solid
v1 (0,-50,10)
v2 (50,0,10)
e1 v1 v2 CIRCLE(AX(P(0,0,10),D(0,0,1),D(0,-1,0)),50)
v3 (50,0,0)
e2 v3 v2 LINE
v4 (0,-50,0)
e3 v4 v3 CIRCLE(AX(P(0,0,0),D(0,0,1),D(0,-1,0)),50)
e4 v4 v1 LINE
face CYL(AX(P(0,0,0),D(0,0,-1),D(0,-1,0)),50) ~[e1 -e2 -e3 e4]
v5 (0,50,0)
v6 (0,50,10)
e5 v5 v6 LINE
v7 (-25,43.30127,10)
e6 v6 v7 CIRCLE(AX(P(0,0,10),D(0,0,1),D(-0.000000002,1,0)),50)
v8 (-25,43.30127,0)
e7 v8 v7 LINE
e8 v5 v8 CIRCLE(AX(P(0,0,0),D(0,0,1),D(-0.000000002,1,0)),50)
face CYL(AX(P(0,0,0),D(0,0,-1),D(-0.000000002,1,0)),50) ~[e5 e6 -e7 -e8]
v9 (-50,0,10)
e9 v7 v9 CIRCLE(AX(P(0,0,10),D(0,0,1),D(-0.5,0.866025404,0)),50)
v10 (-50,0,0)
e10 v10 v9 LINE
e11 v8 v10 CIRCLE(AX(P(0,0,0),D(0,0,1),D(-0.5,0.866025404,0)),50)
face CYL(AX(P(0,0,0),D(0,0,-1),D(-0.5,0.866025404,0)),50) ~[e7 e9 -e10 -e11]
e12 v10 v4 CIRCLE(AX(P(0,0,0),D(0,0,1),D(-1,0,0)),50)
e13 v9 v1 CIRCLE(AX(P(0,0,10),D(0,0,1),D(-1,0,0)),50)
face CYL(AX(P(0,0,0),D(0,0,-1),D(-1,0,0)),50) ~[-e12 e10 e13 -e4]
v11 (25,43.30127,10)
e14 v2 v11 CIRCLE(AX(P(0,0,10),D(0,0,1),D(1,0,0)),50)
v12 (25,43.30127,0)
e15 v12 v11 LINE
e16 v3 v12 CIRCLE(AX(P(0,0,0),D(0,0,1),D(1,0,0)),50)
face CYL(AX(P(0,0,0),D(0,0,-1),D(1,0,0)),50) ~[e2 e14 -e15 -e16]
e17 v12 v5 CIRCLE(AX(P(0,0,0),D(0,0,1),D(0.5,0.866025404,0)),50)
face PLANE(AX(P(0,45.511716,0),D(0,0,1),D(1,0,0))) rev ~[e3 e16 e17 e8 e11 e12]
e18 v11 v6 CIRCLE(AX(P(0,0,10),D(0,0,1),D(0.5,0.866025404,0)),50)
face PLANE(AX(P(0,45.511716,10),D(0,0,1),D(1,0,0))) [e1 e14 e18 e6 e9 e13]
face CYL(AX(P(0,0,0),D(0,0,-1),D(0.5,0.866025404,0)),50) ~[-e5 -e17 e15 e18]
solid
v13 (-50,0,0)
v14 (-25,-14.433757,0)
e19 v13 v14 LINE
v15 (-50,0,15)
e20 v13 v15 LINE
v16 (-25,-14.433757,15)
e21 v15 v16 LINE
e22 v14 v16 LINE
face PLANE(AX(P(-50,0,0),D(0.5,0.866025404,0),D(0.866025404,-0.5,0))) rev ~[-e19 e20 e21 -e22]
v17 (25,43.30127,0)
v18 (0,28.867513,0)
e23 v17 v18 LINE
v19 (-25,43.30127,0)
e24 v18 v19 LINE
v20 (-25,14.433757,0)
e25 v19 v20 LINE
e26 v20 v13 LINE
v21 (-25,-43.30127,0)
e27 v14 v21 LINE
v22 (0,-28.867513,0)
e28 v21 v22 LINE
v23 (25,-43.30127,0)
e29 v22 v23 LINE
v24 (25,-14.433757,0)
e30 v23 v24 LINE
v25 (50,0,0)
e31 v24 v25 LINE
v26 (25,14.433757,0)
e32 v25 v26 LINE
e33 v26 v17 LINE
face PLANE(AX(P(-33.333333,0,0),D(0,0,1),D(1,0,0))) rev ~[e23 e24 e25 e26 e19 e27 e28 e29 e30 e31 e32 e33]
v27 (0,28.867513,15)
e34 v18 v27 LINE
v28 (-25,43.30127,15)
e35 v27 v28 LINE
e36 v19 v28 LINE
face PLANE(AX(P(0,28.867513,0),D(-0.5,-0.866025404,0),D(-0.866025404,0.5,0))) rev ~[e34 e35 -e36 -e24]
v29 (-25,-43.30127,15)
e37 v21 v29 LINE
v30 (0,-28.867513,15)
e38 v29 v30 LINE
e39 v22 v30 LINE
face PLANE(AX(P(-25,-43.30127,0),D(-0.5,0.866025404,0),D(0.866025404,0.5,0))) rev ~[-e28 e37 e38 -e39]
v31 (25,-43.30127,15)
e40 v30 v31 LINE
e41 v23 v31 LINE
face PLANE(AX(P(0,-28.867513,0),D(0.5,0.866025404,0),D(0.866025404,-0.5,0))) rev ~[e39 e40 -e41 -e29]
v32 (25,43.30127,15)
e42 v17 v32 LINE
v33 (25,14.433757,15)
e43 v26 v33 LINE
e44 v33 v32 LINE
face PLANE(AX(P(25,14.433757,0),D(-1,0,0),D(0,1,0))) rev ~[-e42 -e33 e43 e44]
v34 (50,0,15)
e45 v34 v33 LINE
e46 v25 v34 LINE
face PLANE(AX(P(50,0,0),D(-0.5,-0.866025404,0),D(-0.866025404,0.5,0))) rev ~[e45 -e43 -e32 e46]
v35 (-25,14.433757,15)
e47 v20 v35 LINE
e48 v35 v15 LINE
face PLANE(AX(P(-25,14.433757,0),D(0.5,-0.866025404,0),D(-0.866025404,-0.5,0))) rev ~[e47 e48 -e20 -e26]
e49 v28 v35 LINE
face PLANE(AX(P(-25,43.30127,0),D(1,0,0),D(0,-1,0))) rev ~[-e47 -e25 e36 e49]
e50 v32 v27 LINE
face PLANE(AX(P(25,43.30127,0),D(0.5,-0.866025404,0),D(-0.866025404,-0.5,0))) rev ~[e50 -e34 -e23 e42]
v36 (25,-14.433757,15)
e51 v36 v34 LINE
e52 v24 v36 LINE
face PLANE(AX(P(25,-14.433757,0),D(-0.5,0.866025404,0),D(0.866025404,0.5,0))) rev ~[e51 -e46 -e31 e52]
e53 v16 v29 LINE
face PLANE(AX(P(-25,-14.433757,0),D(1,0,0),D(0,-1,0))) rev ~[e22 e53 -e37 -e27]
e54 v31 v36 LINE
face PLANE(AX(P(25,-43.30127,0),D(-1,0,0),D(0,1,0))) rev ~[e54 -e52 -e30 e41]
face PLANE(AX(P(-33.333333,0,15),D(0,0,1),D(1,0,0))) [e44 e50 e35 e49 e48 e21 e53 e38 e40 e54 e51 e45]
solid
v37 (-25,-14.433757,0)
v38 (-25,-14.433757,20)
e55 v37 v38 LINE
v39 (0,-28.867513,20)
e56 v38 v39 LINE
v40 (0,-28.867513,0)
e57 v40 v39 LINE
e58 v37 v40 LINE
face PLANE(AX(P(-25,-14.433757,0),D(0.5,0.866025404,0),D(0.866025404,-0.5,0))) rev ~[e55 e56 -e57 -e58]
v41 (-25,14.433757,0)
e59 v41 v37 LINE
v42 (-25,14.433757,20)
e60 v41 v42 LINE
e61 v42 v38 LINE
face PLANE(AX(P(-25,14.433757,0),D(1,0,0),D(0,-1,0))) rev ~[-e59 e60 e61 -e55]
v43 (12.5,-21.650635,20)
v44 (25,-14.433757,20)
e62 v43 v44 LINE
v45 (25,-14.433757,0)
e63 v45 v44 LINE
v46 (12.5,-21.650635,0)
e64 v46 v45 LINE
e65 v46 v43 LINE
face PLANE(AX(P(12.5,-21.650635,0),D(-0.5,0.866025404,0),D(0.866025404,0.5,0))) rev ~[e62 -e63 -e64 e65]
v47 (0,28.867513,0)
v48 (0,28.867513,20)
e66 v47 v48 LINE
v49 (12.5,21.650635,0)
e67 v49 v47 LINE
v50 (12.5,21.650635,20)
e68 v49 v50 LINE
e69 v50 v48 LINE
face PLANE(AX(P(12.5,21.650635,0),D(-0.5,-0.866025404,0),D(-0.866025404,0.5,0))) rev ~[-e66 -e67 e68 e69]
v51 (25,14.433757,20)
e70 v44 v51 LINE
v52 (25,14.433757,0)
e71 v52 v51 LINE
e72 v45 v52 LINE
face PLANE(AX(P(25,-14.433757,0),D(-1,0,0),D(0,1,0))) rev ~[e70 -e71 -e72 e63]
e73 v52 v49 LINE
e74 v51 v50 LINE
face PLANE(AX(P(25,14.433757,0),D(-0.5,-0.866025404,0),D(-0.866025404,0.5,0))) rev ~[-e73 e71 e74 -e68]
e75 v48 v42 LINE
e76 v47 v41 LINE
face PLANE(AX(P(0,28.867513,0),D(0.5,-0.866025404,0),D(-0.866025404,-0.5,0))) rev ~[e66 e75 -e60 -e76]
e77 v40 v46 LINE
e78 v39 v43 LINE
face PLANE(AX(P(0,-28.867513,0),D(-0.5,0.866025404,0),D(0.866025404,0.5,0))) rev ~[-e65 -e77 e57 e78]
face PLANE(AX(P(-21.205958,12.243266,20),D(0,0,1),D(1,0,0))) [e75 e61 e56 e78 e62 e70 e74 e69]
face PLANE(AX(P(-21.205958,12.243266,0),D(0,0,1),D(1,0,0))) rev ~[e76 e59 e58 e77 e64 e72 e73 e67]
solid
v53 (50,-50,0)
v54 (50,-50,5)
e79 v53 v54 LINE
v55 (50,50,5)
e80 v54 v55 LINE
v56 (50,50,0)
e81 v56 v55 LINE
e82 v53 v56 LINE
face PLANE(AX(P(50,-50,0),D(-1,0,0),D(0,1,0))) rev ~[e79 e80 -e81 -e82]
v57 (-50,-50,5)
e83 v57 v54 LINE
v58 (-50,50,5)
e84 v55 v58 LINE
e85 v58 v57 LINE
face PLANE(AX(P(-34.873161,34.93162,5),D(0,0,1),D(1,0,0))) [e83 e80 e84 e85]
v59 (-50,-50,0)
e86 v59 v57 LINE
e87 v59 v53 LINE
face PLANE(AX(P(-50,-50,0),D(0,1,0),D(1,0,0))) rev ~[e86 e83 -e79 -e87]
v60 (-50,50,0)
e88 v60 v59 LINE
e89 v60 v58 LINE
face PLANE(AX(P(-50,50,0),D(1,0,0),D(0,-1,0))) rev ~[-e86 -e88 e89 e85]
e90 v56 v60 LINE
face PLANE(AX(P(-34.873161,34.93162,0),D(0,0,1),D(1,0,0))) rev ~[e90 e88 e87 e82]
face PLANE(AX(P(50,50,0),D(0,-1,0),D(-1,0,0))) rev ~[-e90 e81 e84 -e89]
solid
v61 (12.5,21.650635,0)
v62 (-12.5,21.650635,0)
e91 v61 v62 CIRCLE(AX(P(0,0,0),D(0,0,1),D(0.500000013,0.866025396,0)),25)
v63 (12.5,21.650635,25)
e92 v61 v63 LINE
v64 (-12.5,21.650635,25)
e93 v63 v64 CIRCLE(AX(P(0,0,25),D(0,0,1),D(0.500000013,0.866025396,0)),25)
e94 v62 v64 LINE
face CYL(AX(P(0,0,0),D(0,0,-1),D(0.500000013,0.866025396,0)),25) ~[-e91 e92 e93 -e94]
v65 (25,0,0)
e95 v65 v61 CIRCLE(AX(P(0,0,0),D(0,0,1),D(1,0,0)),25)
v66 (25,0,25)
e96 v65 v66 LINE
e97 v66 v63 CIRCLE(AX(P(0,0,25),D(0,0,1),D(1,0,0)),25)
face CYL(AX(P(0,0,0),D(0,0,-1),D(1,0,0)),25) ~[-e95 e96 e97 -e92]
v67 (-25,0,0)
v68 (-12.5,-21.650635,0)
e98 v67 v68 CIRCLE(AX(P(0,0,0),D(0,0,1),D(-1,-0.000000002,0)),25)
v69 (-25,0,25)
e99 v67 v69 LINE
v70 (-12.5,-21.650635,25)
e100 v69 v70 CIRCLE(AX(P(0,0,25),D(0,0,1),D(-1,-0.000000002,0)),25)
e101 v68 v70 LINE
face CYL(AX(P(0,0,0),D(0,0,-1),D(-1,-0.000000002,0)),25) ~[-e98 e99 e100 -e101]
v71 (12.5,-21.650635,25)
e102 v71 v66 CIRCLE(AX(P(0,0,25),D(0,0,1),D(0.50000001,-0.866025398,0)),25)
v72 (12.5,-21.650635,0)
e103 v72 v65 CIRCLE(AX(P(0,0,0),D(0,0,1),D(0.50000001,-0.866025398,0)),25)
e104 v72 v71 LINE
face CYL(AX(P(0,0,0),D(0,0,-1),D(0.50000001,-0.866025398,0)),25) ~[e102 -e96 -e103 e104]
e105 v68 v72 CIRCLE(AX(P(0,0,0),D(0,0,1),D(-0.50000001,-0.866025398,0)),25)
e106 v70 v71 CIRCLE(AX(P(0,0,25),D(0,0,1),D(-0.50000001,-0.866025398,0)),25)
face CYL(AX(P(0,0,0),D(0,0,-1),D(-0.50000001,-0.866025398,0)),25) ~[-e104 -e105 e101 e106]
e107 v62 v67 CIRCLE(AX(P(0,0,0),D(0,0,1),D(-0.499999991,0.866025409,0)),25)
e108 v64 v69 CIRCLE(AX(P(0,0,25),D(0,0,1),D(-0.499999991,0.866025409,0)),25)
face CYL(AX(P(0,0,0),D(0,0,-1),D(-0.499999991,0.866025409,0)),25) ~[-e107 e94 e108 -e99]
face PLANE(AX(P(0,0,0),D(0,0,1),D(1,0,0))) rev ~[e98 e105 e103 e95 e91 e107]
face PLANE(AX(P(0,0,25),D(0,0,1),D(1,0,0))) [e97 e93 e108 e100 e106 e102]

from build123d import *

# Parameters (mm, degrees)
F1_DEPTH = 25
F2_DEPTH = 20
F3_DEPTH = 15
F4_DEPTH = 10
F5_DEPTH = 5


with BuildPart() as f1:
    # F0 (on Top) → F1 (new body)
    with BuildSketch(Plane.XY):
        with BuildLine():
            ThreePointArc((12.5000002531, -21.6506349485), (21.6506351677, -12.4999998734), (25, 0))
            ThreePointArc((25, 0), (21.6506351909, 12.4999998333), (12.5000003334, 21.6506349021))
            ThreePointArc((12.5000003334, 21.6506349021), (3.194e-07, 25), (-12.4999997802, 21.6506352215))
            ThreePointArc((-12.4999997802, 21.6506352215), (-21.650635044, 12.5000000877), (-25, -5.13e-08))
            ThreePointArc((-25, -5.13e-08), (-21.6506351561, -12.4999998936), (-12.5000002572, -21.6506349461))
            ThreePointArc((-12.5000002572, -21.6506349461), (-2.4e-09, -25), (12.5000002531, -21.6506349485))
        make_face()
    extrude(amount=F1_DEPTH)


with BuildPart() as f2:
    # F0 (on Top) → F2 (new body)
    with BuildSketch(Plane.XY):
        with BuildLine():
            Line((-12.4999997802, 21.6506352215), (-25, 14.4337567297))
            Line((-25, 14.4337567297), (-25, -5.13e-08))
            ThreePointArc((-25, -5.13e-08), (-21.650635044, 12.5000000877), (-12.4999997802, 21.6506352215))
        make_face()
        with BuildLine():
            Line((12.5000003334, 21.6506349021), (0, 28.8675134595))
            Line((0, 28.8675134595), (-12.4999997802, 21.6506352215))
            ThreePointArc((-12.4999997802, 21.6506352215), (3.194e-07, 25), (12.5000003334, 21.6506349021))
        make_face()
        with BuildLine():
            Line((25, 0), (25, 14.4337567297))
            Line((25, 14.4337567297), (12.5000003334, 21.6506349021))
            ThreePointArc((12.5000003334, 21.6506349021), (21.6506351909, 12.4999998333), (25, 0))
        make_face()
        with BuildLine():
            ThreePointArc((12.5000002531, -21.6506349485), (21.6506351677, -12.4999998734), (25, 0))
            ThreePointArc((25, 0), (21.6506351909, 12.4999998333), (12.5000003334, 21.6506349021))
            ThreePointArc((12.5000003334, 21.6506349021), (3.194e-07, 25), (-12.4999997802, 21.6506352215))
            ThreePointArc((-12.4999997802, 21.6506352215), (-21.650635044, 12.5000000877), (-25, -5.13e-08))
            ThreePointArc((-25, -5.13e-08), (-21.6506351561, -12.4999998936), (-12.5000002572, -21.6506349461))
            ThreePointArc((-12.5000002572, -21.6506349461), (-2.4e-09, -25), (12.5000002531, -21.6506349485))
        make_face()
        with BuildLine():
            Line((12.5000002531, -21.6506349485), (25, -14.4337567297))
            Line((25, -14.4337567297), (25, 0))
            ThreePointArc((25, 0), (21.6506351677, -12.4999998734), (12.5000002531, -21.6506349485))
        make_face()
        with BuildLine():
            Line((-12.5000002572, -21.6506349461), (0, -28.8675134595))
            Line((0, -28.8675134595), (12.5000002531, -21.6506349485))
            ThreePointArc((12.5000002531, -21.6506349485), (-2.4e-09, -25), (-12.5000002572, -21.6506349461))
        make_face()
        with BuildLine():
            Line((-25, -5.13e-08), (-25, -14.4337567297))
            Line((-25, -14.4337567297), (-12.5000002572, -21.6506349461))
            ThreePointArc((-12.5000002572, -21.6506349461), (-21.6506351561, -12.4999998936), (-25, -5.13e-08))
        make_face()
    extrude(amount=F2_DEPTH)


with BuildPart() as f3:
    # F0 (on Top) → F3 (new body)
    with BuildSketch(Plane.XY):
        Polygon((-25, 14.4337567297), (-50, 0), (-25, -14.4337567297), (-25, -5.13e-08), align=None)
        with BuildLine():
            Line((-12.4999997802, 21.6506352215), (-25, 14.4337567297))
            Line((-25, 14.4337567297), (-25, -5.13e-08))
            ThreePointArc((-25, -5.13e-08), (-21.650635044, 12.5000000877), (-12.4999997802, 21.6506352215))
        make_face()
        Polygon((0, 28.8675134595), (-25, 43.3012701892), (-25, 14.4337567297), (-12.4999997802, 21.6506352215), align=None)
        with BuildLine():
            Line((12.5000003334, 21.6506349021), (0, 28.8675134595))
            Line((0, 28.8675134595), (-12.4999997802, 21.6506352215))
            ThreePointArc((-12.4999997802, 21.6506352215), (3.194e-07, 25), (12.5000003334, 21.6506349021))
        make_face()
        Polygon((25, 14.4337567297), (25, 43.3012701892), (0, 28.8675134595), (12.5000003334, 21.6506349021), align=None)
        with BuildLine():
            Line((25, 0), (25, 14.4337567297))
            Line((25, 14.4337567297), (12.5000003334, 21.6506349021))
            ThreePointArc((12.5000003334, 21.6506349021), (21.6506351909, 12.4999998333), (25, 0))
        make_face()
        Polygon((25, -14.4337567297), (50, 0), (25, 14.4337567297), (25, 0), align=None)
        with BuildLine():
            Line((12.5000002531, -21.6506349485), (25, -14.4337567297))
            Line((25, -14.4337567297), (25, 0))
            ThreePointArc((25, 0), (21.6506351677, -12.4999998734), (12.5000002531, -21.6506349485))
        make_face()
        Polygon((0, -28.8675134595), (25, -43.3012701892), (25, -14.4337567297), (12.5000002531, -21.6506349485), align=None)
        with BuildLine():
            Line((-12.5000002572, -21.6506349461), (0, -28.8675134595))
            Line((0, -28.8675134595), (12.5000002531, -21.6506349485))
            ThreePointArc((12.5000002531, -21.6506349485), (-2.4e-09, -25), (-12.5000002572, -21.6506349461))
        make_face()
        Polygon((-25, -14.4337567297), (-25, -43.3012701892), (0, -28.8675134595), (-12.5000002572, -21.6506349461), align=None)
        with BuildLine():
            Line((-25, -5.13e-08), (-25, -14.4337567297))
            Line((-25, -14.4337567297), (-12.5000002572, -21.6506349461))
            ThreePointArc((-12.5000002572, -21.6506349461), (-21.6506351561, -12.4999998936), (-25, -5.13e-08))
        make_face()
        with BuildLine():
            ThreePointArc((12.5000002531, -21.6506349485), (21.6506351677, -12.4999998734), (25, 0))
            ThreePointArc((25, 0), (21.6506351909, 12.4999998333), (12.5000003334, 21.6506349021))
            ThreePointArc((12.5000003334, 21.6506349021), (3.194e-07, 25), (-12.4999997802, 21.6506352215))
            ThreePointArc((-12.4999997802, 21.6506352215), (-21.650635044, 12.5000000877), (-25, -5.13e-08))
            ThreePointArc((-25, -5.13e-08), (-21.6506351561, -12.4999998936), (-12.5000002572, -21.6506349461))
            ThreePointArc((-12.5000002572, -21.6506349461), (-2.4e-09, -25), (12.5000002531, -21.6506349485))
        make_face()
    extrude(amount=F3_DEPTH)


with BuildPart() as f4:
    # F0 (on Top) → F4 (new body)
    with BuildSketch(Plane.XY):
        with BuildLine():
            Line((-25, 43.3012701892), (25, 43.3012701892))
            ThreePointArc((25, 43.3012701892), (12.9409522085, 48.2962913269), (-9.65e-08, 50))
            ThreePointArc((-9.65e-08, 50), (-12.9409523018, 48.296291302), (-25, 43.3012701892))
        make_face()
        with BuildLine():
            Line((25, 43.3012701892), (50, 0))
            ThreePointArc((50, 0), (43.3012701892, 25), (25, 43.3012701892))
        make_face()
        Polygon((25, 14.4337567297), (50, 0), (25, 43.3012701892), align=None)
        Polygon((25, 14.4337567297), (25, 43.3012701892), (0, 28.8675134595), (12.5000003334, 21.6506349021), align=None)
        Polygon((0, 28.8675134595), (25, 43.3012701892), (-25, 43.3012701892), align=None)
        Polygon((0, 28.8675134595), (-25, 43.3012701892), (-25, 14.4337567297), (-12.4999997802, 21.6506352215), align=None)
        Polygon((-25, 14.4337567297), (-25, 43.3012701892), (-50, 0), align=None)
        with BuildLine():
            Line((-50, 0), (-25, 43.3012701892))
            ThreePointArc((-25, 43.3012701892), (-43.3012701892, 25), (-50, 0))
        make_face()
        with BuildLine():
            ThreePointArc((12.5000002531, -21.6506349485), (21.6506351677, -12.4999998734), (25, 0))
            ThreePointArc((25, 0), (21.6506351909, 12.4999998333), (12.5000003334, 21.6506349021))
            ThreePointArc((12.5000003334, 21.6506349021), (3.194e-07, 25), (-12.4999997802, 21.6506352215))
            ThreePointArc((-12.4999997802, 21.6506352215), (-21.650635044, 12.5000000877), (-25, -5.13e-08))
            ThreePointArc((-25, -5.13e-08), (-21.6506351561, -12.4999998936), (-12.5000002572, -21.6506349461))
            ThreePointArc((-12.5000002572, -21.6506349461), (-2.4e-09, -25), (12.5000002531, -21.6506349485))
        make_face()
        Polygon((25, -14.4337567297), (50, 0), (25, 14.4337567297), (25, 0), align=None)
        with BuildLine():
            Line((12.5000003334, 21.6506349021), (0, 28.8675134595))
            Line((0, 28.8675134595), (-12.4999997802, 21.6506352215))
            ThreePointArc((-12.4999997802, 21.6506352215), (3.194e-07, 25), (12.5000003334, 21.6506349021))
        make_face()
        Polygon((-25, 14.4337567297), (-50, 0), (-25, -14.4337567297), (-25, -5.13e-08), align=None)
        with BuildLine():
            ThreePointArc((-50, 0), (-43.3012701892, -25), (-25, -43.3012701892))
            Line((-25, -43.3012701892), (-50, 0))
        make_face()
        Polygon((-25, -14.4337567297), (-25, -43.3012701892), (0, -28.8675134595), (-12.5000002572, -21.6506349461), align=None)
        Polygon((-25, -43.3012701892), (25, -43.3012701892), (0, -28.8675134595), align=None)
        with BuildLine():
            ThreePointArc((2.28e-08, -50), (12.9409522661, -48.2962913115), (25, -43.3012701892))
            Line((25, -43.3012701892), (-25, -43.3012701892))
            ThreePointArc((-25, -43.3012701892), (-12.9409522441, -48.2962913174), (2.28e-08, -50))
        make_face()
        with BuildLine():
            ThreePointArc((25, -43.3012701892), (43.3012701892, -25), (50, 0))
            Line((50, 0), (25, -43.3012701892))
        make_face()
        Polygon((25, -43.3012701892), (50, 0), (25, -14.4337567297), align=None)
        with BuildLine():
            Line((12.5000002531, -21.6506349485), (25, -14.4337567297))
            Line((25, -14.4337567297), (25, 0))
            ThreePointArc((25, 0), (21.6506351677, -12.4999998734), (12.5000002531, -21.6506349485))
        make_face()
        Polygon((0, -28.8675134595), (25, -43.3012701892), (25, -14.4337567297), (12.5000002531, -21.6506349485), align=None)
        Polygon((-50, 0), (-25, -43.3012701892), (-25, -14.4337567297), align=None)
        with BuildLine():
            Line((-25, -5.13e-08), (-25, -14.4337567297))
            Line((-25, -14.4337567297), (-12.5000002572, -21.6506349461))
            ThreePointArc((-12.5000002572, -21.6506349461), (-21.6506351561, -12.4999998936), (-25, -5.13e-08))
        make_face()
        with BuildLine():
            Line((-12.4999997802, 21.6506352215), (-25, 14.4337567297))
            Line((-25, 14.4337567297), (-25, -5.13e-08))
            ThreePointArc((-25, -5.13e-08), (-21.650635044, 12.5000000877), (-12.4999997802, 21.6506352215))
        make_face()
        with BuildLine():
            Line((-12.5000002572, -21.6506349461), (0, -28.8675134595))
            Line((0, -28.8675134595), (12.5000002531, -21.6506349485))
            ThreePointArc((12.5000002531, -21.6506349485), (-2.4e-09, -25), (-12.5000002572, -21.6506349461))
        make_face()
        with BuildLine():
            Line((25, 0), (25, 14.4337567297))
            Line((25, 14.4337567297), (12.5000003334, 21.6506349021))
            ThreePointArc((12.5000003334, 21.6506349021), (21.6506351909, 12.4999998333), (25, 0))
        make_face()
    extrude(amount=F4_DEPTH)


with BuildPart() as f5:
    # F0 (on Top) → F5 (new body)
    with BuildSketch(Plane.XY):
        with BuildLine():
            ThreePointArc((-25, 43.3012701892), (-12.9409523018, 48.296291302), (-9.65e-08, 50))
            Line((-9.65e-08, 50), (-50, 50))
            Line((-50, 50), (-50, 0))
            ThreePointArc((-50, 0), (-43.3012701892, 25), (-25, 43.3012701892))
        make_face()
        with BuildLine():
            ThreePointArc((25, 43.3012701892), (43.3012701892, 25), (50, 0))
            Line((50, 0), (50, 50))
            Line((50, 50), (-9.65e-08, 50))
            ThreePointArc((-9.65e-08, 50), (12.9409522085, 48.2962913269), (25, 43.3012701892))
        make_face()
        with BuildLine():
            Line((-25, 43.3012701892), (25, 43.3012701892))
            ThreePointArc((25, 43.3012701892), (12.9409522085, 48.2962913269), (-9.65e-08, 50))
            ThreePointArc((-9.65e-08, 50), (-12.9409523018, 48.296291302), (-25, 43.3012701892))
        make_face()
        Polygon((0, 28.8675134595), (25, 43.3012701892), (-25, 43.3012701892), align=None)
        Polygon((25, 14.4337567297), (25, 43.3012701892), (0, 28.8675134595), (12.5000003334, 21.6506349021), align=None)
        Polygon((25, 14.4337567297), (50, 0), (25, 43.3012701892), align=None)
        with BuildLine():
            Line((25, 43.3012701892), (50, 0))
            ThreePointArc((50, 0), (43.3012701892, 25), (25, 43.3012701892))
        make_face()
        Polygon((0, 28.8675134595), (-25, 43.3012701892), (-25, 14.4337567297), (-12.4999997802, 21.6506352215), align=None)
        Polygon((-25, 14.4337567297), (-25, 43.3012701892), (-50, 0), align=None)
        with BuildLine():
            Line((-50, 0), (-25, 43.3012701892))
            ThreePointArc((-25, 43.3012701892), (-43.3012701892, 25), (-50, 0))
        make_face()
        Polygon((-25, 14.4337567297), (-50, 0), (-25, -14.4337567297), (-25, -5.13e-08), align=None)
        Polygon((25, -14.4337567297), (50, 0), (25, 14.4337567297), (25, 0), align=None)
        with BuildLine():
            ThreePointArc((25, -43.3012701892), (43.3012701892, -25), (50, 0))
            Line((50, 0), (25, -43.3012701892))
        make_face()
        Polygon((25, -43.3012701892), (50, 0), (25, -14.4337567297), align=None)
        Polygon((0, -28.8675134595), (25, -43.3012701892), (25, -14.4337567297), (12.5000002531, -21.6506349485), align=None)
        with BuildLine():
            Line((12.5000002531, -21.6506349485), (25, -14.4337567297))
            Line((25, -14.4337567297), (25, 0))
            ThreePointArc((25, 0), (21.6506351677, -12.4999998734), (12.5000002531, -21.6506349485))
        make_face()
        with BuildLine():
            Line((-25, -5.13e-08), (-25, -14.4337567297))
            Line((-25, -14.4337567297), (-12.5000002572, -21.6506349461))
            ThreePointArc((-12.5000002572, -21.6506349461), (-21.6506351561, -12.4999998936), (-25, -5.13e-08))
        make_face()
        Polygon((-25, -14.4337567297), (-25, -43.3012701892), (0, -28.8675134595), (-12.5000002572, -21.6506349461), align=None)
        Polygon((-25, -43.3012701892), (25, -43.3012701892), (0, -28.8675134595), align=None)
        with BuildLine():
            ThreePointArc((-50, 0), (-43.3012701892, -25), (-25, -43.3012701892))
            Line((-25, -43.3012701892), (-50, 0))
        make_face()
        Polygon((-50, 0), (-25, -43.3012701892), (-25, -14.4337567297), align=None)
        with BuildLine():
            Line((-50, -50), (2.28e-08, -50))
            ThreePointArc((2.28e-08, -50), (-12.9409522441, -48.2962913174), (-25, -43.3012701892))
            ThreePointArc((-25, -43.3012701892), (-43.3012701892, -25), (-50, 0))
            Line((-50, 0), (-50, -50))
        make_face()
        with BuildLine():
            Line((50, -50), (50, 0))
            ThreePointArc((50, 0), (43.3012701892, -25), (25, -43.3012701892))
            ThreePointArc((25, -43.3012701892), (12.9409522661, -48.2962913115), (2.28e-08, -50))
            Line((2.28e-08, -50), (50, -50))
        make_face()
        with BuildLine():
            ThreePointArc((2.28e-08, -50), (12.9409522661, -48.2962913115), (25, -43.3012701892))
            Line((25, -43.3012701892), (-25, -43.3012701892))
            ThreePointArc((-25, -43.3012701892), (-12.9409522441, -48.2962913174), (2.28e-08, -50))
        make_face()
        with BuildLine():
            Line((-12.4999997802, 21.6506352215), (-25, 14.4337567297))
            Line((-25, 14.4337567297), (-25, -5.13e-08))
            ThreePointArc((-25, -5.13e-08), (-21.650635044, 12.5000000877), (-12.4999997802, 21.6506352215))
        make_face()
        with BuildLine():
            Line((12.5000003334, 21.6506349021), (0, 28.8675134595))
            Line((0, 28.8675134595), (-12.4999997802, 21.6506352215))
            ThreePointArc((-12.4999997802, 21.6506352215), (3.194e-07, 25), (12.5000003334, 21.6506349021))
        make_face()
        with BuildLine():
            Line((25, 0), (25, 14.4337567297))
            Line((25, 14.4337567297), (12.5000003334, 21.6506349021))
            ThreePointArc((12.5000003334, 21.6506349021), (21.6506351909, 12.4999998333), (25, 0))
        make_face()
        with BuildLine():
            ThreePointArc((12.5000002531, -21.6506349485), (21.6506351677, -12.4999998734), (25, 0))
            ThreePointArc((25, 0), (21.6506351909, 12.4999998333), (12.5000003334, 21.6506349021))
            ThreePointArc((12.5000003334, 21.6506349021), (3.194e-07, 25), (-12.4999997802, 21.6506352215))
            ThreePointArc((-12.4999997802, 21.6506352215), (-21.650635044, 12.5000000877), (-25, -5.13e-08))
            ThreePointArc((-25, -5.13e-08), (-21.6506351561, -12.4999998936), (-12.5000002572, -21.6506349461))
            ThreePointArc((-12.5000002572, -21.6506349461), (-2.4e-09, -25), (12.5000002531, -21.6506349485))
        make_face()
        with BuildLine():
            Line((-12.5000002572, -21.6506349461), (0, -28.8675134595))
            Line((0, -28.8675134595), (12.5000002531, -21.6506349485))
            ThreePointArc((12.5000002531, -21.6506349485), (-2.4e-09, -25), (-12.5000002572, -21.6506349461))
        make_face()
    extrude(amount=F5_DEPTH)


solid = Compound([f1.part, f2.part, f3.part, f4.part, f5.part])
